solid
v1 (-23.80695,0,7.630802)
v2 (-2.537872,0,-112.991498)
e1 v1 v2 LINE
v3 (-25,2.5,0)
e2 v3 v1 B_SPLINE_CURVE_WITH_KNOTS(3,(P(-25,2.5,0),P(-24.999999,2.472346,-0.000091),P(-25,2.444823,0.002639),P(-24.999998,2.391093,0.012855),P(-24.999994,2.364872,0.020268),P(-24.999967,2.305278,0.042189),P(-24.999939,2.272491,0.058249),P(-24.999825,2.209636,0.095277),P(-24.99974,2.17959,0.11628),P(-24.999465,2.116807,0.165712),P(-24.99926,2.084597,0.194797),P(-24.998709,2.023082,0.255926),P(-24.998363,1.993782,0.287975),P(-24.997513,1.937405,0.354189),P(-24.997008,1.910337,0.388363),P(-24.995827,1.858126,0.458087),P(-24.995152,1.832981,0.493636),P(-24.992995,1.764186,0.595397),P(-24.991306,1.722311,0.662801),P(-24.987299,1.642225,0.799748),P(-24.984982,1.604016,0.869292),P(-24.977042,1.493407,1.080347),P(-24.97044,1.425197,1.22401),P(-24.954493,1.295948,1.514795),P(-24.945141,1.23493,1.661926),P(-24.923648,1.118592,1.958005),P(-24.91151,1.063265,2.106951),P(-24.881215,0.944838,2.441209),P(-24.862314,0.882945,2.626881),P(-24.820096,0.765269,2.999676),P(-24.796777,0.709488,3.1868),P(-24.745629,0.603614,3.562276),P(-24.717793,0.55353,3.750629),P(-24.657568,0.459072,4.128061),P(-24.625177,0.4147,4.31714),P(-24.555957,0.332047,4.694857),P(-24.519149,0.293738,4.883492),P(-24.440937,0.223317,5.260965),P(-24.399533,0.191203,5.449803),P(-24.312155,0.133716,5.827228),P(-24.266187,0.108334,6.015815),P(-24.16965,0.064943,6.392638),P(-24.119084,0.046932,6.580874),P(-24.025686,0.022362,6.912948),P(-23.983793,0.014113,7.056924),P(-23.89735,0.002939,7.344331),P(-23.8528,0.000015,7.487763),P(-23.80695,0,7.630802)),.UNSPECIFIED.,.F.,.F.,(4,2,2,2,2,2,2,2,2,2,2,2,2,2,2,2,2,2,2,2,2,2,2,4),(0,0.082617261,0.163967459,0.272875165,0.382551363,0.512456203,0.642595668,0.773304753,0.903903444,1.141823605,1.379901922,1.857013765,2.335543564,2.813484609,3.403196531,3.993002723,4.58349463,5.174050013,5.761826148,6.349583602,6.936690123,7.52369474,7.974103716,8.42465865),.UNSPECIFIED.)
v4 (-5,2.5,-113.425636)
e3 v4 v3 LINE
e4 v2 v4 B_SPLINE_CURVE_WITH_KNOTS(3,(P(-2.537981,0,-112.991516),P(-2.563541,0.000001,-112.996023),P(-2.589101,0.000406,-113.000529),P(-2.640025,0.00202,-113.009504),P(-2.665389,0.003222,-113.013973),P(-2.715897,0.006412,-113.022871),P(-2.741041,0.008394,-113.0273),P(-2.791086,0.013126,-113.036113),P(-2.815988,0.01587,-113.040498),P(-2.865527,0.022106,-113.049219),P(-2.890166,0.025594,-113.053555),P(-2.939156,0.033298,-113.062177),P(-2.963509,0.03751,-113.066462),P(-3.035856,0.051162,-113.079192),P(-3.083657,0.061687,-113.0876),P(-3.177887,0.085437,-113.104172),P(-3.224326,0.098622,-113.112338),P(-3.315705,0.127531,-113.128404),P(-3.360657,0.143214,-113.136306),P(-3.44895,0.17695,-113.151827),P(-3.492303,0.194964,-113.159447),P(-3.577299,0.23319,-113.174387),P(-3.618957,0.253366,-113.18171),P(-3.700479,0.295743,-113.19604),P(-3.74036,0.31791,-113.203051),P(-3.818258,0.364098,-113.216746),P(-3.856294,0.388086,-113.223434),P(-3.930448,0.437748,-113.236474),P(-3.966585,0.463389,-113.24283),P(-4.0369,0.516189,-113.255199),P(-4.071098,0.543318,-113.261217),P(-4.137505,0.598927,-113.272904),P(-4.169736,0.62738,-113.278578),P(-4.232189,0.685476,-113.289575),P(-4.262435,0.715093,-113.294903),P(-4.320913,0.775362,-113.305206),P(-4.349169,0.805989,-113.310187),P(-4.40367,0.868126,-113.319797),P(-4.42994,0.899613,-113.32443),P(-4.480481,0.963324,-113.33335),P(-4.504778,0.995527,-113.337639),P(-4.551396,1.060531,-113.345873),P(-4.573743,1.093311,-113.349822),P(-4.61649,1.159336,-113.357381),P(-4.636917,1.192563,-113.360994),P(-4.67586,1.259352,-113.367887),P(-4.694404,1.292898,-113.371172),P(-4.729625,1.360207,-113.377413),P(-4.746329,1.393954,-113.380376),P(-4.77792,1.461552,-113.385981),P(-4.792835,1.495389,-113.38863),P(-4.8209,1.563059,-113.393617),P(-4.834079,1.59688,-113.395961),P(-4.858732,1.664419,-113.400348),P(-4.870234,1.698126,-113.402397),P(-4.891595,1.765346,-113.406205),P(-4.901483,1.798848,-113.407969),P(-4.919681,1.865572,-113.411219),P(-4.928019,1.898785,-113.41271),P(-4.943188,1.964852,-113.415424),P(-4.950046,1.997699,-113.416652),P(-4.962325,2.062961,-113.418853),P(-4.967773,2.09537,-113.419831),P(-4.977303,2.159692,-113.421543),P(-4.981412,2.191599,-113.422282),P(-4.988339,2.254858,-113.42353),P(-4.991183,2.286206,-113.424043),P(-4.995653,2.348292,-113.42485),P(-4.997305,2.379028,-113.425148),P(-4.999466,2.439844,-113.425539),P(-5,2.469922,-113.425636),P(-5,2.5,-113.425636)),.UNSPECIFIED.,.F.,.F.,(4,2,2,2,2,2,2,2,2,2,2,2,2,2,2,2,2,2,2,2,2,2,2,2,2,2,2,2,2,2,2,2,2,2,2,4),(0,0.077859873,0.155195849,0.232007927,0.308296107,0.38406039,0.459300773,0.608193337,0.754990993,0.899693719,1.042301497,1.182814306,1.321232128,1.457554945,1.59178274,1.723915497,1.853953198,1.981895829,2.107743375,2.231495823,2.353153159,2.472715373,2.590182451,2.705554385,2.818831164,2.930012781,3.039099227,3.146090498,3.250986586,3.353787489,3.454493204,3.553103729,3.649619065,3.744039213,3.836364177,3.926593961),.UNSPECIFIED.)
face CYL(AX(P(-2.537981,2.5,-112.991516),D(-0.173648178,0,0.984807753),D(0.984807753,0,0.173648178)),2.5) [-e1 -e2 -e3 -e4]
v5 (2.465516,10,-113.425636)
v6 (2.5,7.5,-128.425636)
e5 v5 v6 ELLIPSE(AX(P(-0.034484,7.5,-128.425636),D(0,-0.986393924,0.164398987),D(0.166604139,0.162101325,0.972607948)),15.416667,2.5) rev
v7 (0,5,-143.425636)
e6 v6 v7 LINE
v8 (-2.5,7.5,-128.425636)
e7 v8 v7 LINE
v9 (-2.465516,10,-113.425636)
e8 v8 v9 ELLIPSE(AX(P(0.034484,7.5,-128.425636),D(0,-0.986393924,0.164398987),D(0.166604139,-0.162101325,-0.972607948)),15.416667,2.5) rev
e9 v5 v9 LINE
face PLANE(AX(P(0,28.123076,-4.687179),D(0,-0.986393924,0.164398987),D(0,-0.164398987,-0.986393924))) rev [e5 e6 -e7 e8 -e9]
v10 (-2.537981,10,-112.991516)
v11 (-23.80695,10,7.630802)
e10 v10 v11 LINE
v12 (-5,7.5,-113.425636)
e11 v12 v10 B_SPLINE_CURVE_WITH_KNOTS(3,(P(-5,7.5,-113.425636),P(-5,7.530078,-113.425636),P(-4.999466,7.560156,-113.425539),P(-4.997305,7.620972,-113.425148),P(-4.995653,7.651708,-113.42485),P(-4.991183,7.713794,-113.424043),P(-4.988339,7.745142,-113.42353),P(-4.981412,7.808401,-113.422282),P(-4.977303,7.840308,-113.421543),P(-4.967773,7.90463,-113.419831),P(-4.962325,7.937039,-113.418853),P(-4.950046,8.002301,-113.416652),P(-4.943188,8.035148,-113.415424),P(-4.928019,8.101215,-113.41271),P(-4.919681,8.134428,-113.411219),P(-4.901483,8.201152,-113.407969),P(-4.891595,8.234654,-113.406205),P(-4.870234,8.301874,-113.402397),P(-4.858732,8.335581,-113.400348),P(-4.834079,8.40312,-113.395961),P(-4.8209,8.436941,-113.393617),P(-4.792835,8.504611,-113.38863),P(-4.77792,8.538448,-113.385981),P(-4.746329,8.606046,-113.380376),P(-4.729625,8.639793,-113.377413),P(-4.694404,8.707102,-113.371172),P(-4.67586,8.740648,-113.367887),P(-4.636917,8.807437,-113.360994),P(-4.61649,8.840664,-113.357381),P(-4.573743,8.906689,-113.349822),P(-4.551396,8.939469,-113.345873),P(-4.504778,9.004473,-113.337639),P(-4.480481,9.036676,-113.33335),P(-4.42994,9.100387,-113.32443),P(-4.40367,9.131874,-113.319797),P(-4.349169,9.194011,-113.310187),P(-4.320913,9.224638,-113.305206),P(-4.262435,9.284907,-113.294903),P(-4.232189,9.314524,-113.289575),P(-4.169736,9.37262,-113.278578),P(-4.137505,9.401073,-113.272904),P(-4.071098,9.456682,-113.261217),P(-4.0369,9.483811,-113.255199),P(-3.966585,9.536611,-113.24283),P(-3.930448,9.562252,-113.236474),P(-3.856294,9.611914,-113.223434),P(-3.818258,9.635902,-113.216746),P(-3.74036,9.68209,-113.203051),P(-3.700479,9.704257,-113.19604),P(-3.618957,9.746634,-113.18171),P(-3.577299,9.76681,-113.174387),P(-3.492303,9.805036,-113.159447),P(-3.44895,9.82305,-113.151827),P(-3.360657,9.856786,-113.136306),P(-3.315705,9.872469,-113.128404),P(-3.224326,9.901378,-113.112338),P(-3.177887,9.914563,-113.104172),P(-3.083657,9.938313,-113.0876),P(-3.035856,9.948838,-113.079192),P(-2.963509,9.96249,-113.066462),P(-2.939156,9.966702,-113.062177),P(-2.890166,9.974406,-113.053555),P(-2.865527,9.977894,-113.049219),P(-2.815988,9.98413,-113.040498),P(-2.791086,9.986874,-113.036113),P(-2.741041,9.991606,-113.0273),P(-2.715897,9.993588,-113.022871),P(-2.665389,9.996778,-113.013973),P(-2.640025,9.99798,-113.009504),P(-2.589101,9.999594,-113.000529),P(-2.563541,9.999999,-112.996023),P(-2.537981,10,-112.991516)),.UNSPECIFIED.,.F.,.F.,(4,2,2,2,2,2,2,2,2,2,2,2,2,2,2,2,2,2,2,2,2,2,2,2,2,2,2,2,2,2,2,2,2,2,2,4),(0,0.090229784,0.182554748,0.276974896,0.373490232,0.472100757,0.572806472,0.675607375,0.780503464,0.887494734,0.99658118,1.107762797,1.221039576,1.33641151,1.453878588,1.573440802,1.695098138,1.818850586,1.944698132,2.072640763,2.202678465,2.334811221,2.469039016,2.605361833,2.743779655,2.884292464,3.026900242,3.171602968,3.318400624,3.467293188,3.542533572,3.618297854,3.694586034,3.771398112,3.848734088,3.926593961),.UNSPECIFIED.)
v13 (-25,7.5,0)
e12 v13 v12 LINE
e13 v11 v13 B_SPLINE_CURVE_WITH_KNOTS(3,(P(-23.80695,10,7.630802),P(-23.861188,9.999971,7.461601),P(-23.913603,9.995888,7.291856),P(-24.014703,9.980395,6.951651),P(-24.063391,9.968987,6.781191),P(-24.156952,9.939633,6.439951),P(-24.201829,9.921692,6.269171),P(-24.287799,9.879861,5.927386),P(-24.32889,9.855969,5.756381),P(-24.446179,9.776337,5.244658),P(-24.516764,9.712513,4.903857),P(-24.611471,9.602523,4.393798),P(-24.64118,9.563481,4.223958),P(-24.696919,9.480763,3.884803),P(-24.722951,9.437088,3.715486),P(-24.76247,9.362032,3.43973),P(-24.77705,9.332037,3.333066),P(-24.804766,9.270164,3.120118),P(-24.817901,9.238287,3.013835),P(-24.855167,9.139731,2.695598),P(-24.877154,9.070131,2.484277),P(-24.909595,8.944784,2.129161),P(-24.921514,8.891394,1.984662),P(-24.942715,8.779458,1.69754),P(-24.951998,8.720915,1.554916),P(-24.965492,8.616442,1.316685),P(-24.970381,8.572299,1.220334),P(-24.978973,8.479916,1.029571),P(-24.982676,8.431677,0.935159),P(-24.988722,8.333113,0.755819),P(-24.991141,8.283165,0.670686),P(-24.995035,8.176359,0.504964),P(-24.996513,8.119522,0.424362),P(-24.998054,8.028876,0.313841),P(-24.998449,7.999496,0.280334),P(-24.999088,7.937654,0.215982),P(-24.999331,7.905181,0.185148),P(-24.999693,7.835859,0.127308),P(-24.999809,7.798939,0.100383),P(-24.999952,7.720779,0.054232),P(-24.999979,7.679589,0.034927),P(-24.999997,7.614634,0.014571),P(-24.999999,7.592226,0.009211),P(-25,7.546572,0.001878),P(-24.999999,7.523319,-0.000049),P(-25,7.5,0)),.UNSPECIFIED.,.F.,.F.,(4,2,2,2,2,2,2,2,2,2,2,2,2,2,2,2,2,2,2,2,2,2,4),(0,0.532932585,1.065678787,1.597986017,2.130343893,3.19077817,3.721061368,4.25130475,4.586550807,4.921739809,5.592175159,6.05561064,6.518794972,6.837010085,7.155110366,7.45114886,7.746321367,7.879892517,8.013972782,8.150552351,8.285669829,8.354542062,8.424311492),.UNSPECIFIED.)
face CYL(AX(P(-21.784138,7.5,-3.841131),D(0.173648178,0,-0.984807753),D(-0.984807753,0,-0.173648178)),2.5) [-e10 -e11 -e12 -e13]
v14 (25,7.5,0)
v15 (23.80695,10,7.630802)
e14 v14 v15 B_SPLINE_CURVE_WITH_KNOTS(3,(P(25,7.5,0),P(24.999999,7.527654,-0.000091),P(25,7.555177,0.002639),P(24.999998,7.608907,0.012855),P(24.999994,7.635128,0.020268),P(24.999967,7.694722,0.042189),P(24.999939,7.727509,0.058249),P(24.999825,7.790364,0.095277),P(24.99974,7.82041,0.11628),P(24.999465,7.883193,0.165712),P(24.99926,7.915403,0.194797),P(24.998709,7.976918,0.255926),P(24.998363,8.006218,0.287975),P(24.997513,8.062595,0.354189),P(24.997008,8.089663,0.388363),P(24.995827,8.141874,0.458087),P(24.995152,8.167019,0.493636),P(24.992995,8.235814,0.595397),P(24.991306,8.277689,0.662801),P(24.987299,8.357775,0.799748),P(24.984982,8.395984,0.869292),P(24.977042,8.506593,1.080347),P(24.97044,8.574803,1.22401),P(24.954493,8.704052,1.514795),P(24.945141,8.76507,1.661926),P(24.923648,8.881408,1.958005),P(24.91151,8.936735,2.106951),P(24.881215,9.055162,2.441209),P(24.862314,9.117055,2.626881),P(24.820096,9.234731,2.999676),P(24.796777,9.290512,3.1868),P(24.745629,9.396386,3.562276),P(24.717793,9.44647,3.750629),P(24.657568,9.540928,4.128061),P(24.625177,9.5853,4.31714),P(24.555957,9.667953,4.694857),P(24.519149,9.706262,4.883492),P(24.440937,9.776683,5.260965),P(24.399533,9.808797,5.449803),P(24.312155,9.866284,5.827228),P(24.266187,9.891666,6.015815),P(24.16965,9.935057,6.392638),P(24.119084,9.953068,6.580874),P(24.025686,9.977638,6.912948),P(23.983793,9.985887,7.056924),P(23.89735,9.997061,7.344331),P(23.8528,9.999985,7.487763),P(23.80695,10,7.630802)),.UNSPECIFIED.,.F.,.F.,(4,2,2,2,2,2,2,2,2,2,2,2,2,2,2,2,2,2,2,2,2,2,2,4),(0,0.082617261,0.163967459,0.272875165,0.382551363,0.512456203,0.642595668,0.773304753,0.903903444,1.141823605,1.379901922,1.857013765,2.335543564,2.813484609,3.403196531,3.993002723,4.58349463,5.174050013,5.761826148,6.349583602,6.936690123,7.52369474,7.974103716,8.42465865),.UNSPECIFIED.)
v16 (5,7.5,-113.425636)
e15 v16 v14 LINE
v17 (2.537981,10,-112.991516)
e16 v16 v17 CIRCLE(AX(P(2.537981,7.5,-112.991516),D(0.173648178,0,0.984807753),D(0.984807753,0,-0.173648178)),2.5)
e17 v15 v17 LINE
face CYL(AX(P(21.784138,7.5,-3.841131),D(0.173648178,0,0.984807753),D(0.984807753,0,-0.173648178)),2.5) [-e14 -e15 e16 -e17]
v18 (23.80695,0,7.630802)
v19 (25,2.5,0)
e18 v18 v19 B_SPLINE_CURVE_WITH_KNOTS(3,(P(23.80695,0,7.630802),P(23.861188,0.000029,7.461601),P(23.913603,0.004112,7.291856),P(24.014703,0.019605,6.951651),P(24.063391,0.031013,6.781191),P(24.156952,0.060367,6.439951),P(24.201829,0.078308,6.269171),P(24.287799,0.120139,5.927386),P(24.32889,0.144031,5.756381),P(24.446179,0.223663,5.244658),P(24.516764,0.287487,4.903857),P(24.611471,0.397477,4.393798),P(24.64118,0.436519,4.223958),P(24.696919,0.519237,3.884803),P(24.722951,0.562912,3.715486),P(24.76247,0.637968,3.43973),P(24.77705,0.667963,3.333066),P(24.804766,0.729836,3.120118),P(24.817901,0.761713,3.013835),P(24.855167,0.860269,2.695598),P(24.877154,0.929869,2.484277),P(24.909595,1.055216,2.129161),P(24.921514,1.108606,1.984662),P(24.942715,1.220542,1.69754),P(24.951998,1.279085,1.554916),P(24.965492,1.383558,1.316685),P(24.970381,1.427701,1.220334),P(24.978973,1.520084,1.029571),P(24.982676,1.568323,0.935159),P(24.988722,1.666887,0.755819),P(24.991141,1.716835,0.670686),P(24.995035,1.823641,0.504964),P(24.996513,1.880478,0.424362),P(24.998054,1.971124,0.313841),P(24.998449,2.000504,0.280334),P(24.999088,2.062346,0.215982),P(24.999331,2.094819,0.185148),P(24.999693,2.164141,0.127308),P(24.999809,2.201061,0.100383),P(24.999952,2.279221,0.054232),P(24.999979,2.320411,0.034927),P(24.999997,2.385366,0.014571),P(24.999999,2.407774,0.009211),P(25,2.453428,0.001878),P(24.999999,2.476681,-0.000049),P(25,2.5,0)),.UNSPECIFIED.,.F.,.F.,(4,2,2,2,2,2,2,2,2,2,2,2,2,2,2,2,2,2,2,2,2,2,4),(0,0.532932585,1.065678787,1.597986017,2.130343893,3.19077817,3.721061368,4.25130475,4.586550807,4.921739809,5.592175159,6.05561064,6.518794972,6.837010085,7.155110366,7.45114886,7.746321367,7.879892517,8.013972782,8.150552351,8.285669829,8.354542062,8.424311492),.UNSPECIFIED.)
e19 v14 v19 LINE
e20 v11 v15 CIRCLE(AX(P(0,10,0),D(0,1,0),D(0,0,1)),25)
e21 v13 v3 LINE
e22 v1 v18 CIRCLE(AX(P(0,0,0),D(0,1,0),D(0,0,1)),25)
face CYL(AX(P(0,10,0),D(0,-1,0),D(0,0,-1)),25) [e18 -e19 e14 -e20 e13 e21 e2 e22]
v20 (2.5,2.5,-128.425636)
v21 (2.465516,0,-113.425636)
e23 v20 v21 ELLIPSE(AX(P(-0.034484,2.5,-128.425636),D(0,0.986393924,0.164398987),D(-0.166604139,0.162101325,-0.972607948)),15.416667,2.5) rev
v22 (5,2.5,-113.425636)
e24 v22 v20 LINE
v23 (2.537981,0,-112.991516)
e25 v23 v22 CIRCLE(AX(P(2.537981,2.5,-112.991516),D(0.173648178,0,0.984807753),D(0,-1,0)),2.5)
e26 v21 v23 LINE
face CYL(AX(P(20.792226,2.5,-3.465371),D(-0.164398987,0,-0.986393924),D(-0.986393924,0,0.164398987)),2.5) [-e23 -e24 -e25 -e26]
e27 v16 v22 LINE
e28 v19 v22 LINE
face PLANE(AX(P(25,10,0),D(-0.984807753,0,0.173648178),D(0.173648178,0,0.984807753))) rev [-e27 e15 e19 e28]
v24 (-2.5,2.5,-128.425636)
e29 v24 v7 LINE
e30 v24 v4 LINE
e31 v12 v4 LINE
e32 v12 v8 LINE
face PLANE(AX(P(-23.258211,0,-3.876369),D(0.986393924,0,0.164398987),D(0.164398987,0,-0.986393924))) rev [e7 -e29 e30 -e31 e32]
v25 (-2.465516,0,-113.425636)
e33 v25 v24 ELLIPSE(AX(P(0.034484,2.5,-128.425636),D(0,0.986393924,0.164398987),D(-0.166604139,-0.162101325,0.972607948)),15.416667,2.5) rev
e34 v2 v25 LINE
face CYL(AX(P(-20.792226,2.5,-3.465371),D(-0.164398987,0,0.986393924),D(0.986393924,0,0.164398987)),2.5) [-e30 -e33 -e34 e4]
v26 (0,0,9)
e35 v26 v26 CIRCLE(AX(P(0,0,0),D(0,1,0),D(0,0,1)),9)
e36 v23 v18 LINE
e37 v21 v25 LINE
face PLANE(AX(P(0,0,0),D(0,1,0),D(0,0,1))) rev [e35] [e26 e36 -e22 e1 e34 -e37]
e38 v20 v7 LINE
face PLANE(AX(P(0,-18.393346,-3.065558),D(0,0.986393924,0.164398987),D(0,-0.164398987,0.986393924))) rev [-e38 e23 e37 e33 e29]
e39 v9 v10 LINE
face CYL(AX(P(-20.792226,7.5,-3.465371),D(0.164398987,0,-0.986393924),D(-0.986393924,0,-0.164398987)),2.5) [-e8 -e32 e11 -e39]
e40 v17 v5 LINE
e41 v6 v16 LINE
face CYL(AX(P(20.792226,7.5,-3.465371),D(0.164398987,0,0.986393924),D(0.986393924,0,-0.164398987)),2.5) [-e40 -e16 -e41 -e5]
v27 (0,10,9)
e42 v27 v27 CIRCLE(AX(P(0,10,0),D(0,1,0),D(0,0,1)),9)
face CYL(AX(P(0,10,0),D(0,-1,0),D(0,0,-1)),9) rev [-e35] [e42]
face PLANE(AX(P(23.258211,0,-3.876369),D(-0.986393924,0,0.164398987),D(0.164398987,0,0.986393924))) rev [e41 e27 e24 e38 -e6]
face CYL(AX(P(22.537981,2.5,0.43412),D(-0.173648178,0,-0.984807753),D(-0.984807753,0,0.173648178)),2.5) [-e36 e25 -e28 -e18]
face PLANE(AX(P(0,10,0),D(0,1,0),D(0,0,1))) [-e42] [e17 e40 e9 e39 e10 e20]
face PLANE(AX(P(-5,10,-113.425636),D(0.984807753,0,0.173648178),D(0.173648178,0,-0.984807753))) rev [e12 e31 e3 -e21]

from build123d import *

# Parameters (mm, degrees)
SKETCH1_R           = 9
BOSS_EXTRUDE1_DEPTH = 10
FILLET11_R          = 2.5


with BuildPart() as part:
    # Sketch1 → Boss-Extrude1 (new body)
    with BuildSketch(Plane(origin=(0, 0, 0), x_dir=(1, 0, 0), z_dir=(0, 1, 0))):
        with BuildLine():
            Line((25, 0), (5, 113.425636392))
            Line((5, 113.425636392), (-5, 113.425636392))
            Line((-5, 113.425636392), (-25, 0))
            ThreePointArc((-25, 0), (0, -25), (25, 0))
        make_face()
        with Locations(Location((0, 0, 0), (0, 0, 270))):
            Circle(SKETCH1_R, mode=Mode.SUBTRACT)
    extrude(amount=BOSS_EXTRUDE1_DEPTH)

    # Sketch4 → Loft2 section 0
    with BuildSketch(Plane(origin=(0, 0, -113.425636392), x_dir=(-1, 0, 0), z_dir=(0, 0, -1)), mode=Mode.PRIVATE) as loft2_s0:
        with BuildLine():
            Line((-5, 10), (5, 10))
            Line((5, 10), (5, 0))
            Line((5, 0), (-5, 0))
            Line((-5, 0), (-5, 10))
        make_face()
    loft([loft2_s0.sketch, Vertex(0, 5, -143.425636392)])

    # Fillet11
    fillet11_edges = [part.edges().sort_by_distance(p)[0] for p in [
        (15, 0, -56.712818196),
        (15, 10, -56.712818196),
        (-15, 0, -56.712818196),
        (-15, 10, -56.712818196),
    ]]
    fillet(fillet11_edges, radius=FILLET11_R)


solid = part.part
